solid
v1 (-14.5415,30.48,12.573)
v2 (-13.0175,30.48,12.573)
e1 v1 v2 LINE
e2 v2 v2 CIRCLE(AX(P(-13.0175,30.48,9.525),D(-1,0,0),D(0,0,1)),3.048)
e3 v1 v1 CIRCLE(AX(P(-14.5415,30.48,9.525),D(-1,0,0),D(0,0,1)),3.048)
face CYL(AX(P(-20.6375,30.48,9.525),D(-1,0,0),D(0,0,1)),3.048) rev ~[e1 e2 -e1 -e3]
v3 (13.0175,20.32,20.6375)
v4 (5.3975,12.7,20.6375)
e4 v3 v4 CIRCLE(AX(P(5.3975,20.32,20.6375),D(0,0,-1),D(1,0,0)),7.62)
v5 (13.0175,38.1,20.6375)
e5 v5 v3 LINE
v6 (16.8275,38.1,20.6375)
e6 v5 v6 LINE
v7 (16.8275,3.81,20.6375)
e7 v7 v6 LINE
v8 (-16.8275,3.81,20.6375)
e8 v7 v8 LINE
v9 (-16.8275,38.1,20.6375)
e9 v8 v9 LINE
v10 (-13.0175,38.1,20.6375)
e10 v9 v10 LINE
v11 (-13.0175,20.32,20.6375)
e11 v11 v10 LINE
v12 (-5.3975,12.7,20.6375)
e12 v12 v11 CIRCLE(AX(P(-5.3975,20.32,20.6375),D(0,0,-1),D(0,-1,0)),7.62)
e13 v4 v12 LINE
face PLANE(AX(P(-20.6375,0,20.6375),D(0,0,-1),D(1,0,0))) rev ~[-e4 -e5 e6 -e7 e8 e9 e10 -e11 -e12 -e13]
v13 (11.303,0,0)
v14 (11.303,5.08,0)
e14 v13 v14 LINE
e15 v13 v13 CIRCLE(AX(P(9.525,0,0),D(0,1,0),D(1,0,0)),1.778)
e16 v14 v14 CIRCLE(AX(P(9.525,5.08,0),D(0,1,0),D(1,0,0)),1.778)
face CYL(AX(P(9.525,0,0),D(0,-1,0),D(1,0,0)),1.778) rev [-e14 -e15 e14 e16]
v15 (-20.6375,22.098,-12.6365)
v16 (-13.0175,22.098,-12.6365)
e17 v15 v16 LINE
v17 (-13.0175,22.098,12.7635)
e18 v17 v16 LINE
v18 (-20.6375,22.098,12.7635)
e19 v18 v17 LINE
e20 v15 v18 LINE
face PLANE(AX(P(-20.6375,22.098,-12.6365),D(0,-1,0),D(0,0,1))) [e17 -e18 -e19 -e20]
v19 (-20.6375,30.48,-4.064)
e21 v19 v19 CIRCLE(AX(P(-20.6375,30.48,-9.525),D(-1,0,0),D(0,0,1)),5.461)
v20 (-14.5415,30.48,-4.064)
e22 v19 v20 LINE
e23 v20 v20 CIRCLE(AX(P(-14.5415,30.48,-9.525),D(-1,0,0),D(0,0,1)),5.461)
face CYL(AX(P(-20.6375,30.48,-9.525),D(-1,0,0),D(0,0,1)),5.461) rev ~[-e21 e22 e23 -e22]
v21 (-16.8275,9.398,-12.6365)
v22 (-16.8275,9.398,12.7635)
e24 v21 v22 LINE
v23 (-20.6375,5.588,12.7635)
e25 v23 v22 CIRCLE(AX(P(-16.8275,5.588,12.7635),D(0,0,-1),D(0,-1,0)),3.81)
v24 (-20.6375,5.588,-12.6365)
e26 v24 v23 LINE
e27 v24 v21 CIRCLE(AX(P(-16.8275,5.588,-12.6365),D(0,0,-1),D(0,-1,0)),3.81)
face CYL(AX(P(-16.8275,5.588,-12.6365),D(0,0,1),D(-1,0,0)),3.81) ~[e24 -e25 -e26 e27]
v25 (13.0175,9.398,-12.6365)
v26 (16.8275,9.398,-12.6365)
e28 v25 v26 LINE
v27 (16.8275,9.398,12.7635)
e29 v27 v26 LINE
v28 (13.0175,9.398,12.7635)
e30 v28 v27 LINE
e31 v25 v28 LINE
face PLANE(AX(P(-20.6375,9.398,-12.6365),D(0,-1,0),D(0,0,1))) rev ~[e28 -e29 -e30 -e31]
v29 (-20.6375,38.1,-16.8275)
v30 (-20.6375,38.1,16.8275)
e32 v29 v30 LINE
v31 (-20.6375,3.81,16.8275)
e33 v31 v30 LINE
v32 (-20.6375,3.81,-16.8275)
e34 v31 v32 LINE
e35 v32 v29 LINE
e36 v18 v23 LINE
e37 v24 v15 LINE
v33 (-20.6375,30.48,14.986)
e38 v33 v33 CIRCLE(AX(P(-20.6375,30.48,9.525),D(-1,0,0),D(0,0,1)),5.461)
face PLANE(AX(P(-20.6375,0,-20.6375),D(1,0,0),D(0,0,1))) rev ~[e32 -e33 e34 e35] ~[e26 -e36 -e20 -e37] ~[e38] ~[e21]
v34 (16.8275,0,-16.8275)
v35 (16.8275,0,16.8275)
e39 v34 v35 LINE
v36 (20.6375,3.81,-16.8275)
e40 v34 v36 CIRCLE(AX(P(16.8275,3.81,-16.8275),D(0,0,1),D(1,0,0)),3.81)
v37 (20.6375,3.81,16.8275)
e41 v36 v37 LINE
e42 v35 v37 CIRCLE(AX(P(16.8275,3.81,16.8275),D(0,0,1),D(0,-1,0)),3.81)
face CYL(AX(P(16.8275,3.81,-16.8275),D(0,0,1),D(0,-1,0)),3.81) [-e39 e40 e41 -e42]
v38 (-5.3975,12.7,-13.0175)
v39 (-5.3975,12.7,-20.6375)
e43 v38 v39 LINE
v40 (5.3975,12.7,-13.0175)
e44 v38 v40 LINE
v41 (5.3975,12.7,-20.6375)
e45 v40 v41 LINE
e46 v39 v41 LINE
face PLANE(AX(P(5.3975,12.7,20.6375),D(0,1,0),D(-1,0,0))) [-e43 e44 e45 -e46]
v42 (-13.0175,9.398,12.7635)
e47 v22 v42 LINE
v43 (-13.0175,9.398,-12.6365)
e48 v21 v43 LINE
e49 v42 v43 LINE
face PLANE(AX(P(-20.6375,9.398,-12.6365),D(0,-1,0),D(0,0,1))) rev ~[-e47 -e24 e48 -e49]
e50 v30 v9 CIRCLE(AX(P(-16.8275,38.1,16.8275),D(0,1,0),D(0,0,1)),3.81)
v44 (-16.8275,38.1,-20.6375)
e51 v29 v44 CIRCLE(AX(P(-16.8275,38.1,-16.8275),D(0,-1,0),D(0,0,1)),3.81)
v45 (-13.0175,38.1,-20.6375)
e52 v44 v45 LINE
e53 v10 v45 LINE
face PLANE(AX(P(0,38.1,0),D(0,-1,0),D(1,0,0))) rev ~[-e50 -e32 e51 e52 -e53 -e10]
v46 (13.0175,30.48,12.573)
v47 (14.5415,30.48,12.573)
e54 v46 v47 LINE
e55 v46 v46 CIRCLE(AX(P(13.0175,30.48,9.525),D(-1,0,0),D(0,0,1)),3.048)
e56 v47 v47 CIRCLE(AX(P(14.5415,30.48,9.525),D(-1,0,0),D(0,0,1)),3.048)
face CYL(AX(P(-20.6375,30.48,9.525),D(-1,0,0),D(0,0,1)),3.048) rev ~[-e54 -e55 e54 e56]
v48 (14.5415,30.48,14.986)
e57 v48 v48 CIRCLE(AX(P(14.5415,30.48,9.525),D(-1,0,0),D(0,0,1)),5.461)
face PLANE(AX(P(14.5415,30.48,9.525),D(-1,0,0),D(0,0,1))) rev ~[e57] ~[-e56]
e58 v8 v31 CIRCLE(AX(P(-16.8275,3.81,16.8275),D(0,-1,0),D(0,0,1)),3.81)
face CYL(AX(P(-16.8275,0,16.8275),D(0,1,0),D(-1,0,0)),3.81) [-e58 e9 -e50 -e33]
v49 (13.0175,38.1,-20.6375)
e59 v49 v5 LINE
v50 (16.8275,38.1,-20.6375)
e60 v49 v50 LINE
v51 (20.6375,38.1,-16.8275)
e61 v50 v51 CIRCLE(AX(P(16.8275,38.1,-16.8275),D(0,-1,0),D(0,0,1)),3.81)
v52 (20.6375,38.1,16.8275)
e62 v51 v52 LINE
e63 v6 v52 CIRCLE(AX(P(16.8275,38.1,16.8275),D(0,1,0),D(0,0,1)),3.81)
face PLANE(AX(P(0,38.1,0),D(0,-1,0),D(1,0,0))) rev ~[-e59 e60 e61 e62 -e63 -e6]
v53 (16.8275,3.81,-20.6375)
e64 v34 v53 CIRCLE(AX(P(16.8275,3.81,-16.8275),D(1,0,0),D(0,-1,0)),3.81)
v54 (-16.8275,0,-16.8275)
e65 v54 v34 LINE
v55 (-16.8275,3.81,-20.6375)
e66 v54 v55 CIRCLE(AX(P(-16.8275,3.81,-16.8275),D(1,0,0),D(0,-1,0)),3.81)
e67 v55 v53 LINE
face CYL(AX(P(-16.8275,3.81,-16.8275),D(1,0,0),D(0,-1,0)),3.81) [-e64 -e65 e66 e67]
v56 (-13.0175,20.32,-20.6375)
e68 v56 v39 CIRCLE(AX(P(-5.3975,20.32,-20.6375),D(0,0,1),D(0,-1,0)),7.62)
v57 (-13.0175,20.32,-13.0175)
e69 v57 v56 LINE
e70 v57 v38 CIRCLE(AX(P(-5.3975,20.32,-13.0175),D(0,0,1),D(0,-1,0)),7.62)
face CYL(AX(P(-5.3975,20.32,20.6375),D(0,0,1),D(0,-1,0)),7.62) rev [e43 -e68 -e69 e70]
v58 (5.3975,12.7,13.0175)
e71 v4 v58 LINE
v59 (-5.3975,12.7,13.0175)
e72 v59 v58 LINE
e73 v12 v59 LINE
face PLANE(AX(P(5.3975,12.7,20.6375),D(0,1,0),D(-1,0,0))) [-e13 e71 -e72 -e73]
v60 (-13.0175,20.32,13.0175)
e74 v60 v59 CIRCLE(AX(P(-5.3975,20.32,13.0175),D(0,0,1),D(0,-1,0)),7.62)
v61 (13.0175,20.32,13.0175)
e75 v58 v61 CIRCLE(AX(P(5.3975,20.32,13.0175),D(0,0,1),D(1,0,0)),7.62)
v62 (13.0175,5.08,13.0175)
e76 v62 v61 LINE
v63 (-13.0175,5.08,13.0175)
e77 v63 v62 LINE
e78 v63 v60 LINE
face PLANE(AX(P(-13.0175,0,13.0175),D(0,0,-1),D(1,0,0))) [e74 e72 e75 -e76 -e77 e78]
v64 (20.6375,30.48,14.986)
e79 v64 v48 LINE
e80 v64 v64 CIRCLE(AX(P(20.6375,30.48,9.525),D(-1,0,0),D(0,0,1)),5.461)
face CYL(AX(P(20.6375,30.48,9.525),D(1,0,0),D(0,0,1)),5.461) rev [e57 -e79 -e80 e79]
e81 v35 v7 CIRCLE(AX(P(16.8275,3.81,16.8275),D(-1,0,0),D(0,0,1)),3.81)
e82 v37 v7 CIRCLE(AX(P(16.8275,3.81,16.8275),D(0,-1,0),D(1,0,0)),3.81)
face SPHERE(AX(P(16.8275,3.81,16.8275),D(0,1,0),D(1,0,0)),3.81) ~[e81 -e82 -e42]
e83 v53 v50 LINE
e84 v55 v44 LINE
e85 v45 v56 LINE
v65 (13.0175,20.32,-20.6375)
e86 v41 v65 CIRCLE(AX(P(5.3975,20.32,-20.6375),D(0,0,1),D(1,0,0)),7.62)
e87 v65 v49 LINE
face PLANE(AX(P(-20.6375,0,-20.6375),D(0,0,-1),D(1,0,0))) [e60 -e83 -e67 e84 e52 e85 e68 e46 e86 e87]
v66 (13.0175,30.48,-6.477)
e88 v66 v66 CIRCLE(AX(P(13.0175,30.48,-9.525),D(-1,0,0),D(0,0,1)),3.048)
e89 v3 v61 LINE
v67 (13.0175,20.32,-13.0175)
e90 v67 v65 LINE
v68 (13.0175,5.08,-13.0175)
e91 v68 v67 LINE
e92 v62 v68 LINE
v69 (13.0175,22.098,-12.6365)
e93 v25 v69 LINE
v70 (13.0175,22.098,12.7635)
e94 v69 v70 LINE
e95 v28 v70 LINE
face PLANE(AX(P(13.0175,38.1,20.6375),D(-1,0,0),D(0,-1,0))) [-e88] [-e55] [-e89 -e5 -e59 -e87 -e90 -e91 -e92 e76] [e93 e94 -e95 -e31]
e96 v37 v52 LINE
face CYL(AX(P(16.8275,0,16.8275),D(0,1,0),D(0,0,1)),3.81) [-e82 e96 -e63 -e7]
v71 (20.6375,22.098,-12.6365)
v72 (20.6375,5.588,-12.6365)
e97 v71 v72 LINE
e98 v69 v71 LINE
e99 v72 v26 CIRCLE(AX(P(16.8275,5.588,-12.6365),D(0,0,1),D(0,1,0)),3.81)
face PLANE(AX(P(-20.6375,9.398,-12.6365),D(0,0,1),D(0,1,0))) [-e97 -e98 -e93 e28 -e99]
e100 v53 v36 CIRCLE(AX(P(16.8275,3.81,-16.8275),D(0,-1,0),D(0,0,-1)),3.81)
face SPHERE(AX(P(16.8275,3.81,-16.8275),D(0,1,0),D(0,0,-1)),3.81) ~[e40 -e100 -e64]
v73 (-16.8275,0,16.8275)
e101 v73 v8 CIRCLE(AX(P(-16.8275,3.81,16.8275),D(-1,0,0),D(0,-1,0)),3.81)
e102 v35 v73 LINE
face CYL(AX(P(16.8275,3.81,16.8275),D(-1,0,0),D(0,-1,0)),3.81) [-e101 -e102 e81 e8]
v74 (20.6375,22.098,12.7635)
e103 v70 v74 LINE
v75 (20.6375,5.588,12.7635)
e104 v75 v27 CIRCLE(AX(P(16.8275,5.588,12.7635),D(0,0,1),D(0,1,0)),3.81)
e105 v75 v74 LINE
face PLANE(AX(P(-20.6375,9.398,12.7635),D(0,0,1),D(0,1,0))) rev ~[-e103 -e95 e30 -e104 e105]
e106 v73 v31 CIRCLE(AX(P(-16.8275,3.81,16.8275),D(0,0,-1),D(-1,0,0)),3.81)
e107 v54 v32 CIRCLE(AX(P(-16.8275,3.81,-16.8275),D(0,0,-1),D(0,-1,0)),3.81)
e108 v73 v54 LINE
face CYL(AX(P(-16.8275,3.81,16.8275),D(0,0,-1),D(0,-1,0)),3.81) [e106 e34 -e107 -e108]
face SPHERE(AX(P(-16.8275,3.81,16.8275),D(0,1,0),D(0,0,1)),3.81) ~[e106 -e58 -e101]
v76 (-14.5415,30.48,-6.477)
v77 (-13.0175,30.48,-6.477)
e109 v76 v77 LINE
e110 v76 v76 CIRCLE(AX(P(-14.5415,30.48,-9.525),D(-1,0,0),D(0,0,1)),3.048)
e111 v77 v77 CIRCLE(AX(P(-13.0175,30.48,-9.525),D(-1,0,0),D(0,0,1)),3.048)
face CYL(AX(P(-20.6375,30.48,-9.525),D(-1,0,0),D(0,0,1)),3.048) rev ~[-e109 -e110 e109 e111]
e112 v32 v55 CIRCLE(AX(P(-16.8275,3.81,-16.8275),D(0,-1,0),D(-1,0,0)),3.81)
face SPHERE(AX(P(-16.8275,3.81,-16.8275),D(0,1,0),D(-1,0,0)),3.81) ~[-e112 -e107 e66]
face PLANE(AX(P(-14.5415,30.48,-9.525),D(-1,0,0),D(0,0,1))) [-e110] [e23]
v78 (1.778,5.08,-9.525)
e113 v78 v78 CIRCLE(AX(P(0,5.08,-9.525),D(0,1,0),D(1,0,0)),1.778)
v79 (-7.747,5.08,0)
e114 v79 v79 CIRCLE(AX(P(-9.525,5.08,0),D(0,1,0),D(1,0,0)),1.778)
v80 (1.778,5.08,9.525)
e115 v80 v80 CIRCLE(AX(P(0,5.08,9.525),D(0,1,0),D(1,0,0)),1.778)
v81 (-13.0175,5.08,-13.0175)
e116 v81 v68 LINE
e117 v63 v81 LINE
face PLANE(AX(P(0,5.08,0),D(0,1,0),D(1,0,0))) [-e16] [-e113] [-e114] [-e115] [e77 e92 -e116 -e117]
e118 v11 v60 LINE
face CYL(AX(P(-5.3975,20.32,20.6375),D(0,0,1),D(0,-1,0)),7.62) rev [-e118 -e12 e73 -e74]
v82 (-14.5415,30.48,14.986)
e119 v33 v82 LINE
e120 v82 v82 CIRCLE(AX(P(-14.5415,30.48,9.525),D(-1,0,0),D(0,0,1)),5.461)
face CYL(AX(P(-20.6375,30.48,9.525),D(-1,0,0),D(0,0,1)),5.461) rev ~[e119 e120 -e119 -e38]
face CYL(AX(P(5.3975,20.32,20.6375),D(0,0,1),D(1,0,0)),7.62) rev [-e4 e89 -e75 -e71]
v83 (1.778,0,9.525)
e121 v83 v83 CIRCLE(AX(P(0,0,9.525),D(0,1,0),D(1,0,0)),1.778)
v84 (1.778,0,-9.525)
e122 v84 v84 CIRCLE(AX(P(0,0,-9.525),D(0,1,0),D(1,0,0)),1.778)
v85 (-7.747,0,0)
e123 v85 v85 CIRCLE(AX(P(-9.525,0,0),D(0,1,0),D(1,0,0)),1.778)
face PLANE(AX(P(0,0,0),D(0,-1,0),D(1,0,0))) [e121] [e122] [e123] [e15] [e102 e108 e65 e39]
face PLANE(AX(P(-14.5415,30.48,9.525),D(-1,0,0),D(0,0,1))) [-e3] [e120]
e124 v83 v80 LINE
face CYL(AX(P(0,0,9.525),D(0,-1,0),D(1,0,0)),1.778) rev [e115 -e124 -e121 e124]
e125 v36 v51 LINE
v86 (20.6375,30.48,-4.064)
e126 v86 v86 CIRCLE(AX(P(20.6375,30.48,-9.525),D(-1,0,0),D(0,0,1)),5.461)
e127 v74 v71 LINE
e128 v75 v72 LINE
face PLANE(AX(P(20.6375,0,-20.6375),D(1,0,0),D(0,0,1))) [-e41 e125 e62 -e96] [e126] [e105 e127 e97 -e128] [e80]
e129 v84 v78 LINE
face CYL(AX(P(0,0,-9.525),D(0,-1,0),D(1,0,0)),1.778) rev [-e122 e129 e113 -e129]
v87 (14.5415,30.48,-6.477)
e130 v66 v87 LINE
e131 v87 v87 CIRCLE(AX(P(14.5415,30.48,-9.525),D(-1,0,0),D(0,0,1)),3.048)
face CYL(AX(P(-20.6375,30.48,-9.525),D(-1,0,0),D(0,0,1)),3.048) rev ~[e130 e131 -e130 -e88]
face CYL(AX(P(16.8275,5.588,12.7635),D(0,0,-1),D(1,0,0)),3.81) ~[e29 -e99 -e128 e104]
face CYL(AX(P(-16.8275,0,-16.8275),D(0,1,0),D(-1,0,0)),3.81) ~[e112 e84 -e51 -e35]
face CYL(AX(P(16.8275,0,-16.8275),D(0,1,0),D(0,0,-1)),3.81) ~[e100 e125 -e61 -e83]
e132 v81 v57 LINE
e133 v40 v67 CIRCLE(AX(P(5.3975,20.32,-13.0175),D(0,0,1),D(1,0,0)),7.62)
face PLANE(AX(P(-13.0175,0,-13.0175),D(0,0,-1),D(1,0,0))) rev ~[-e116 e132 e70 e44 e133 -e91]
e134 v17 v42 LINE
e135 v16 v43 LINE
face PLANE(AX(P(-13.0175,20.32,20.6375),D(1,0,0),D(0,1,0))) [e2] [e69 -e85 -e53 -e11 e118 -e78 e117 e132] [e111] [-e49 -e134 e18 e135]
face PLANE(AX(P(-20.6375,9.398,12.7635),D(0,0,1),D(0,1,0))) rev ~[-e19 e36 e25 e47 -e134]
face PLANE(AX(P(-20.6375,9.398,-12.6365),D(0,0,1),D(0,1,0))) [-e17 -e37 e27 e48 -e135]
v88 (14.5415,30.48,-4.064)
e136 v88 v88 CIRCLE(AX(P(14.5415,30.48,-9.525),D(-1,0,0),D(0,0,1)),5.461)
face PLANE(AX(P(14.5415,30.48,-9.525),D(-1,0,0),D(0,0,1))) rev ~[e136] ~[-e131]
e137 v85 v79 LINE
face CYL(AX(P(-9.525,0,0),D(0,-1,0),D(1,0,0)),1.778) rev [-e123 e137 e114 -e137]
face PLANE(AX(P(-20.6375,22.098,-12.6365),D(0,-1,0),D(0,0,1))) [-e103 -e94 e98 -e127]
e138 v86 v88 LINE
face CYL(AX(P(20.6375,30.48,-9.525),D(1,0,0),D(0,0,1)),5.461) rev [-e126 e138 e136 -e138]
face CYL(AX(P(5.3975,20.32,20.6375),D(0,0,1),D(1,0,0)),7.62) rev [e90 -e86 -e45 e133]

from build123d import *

# Parameters (mm, degrees)
SKETCH1_W           = 26.035
SKETCH1_H           = 26.035
SKETCH1_R           = 1.778
BOSS_EXTRUDE1_DEPTH = 5.08
SKETCH9_W           = 41.275
SKETCH9_H           = 41.275
SKETCH9_W_2         = 26.035
SKETCH9_H_2         = 26.035
BOSS_EXTRUDE7_DEPTH = 38.1
CUT_EXTRUDE4_DEPTH  = 42.275
SKETCH11_R          = 3.048
CUT_EXTRUDE5_DEPTH  = 42.275
FILLET1_R           = 3.81
FILLET2_R           = 3.81
SKETCH12_R          = 5.461
SKETCH12_R_2        = 3.048
CUT_EXTRUDE6_DEPTH  = 6.096
CUT_EXTRUDE7_START  = -41.275
SKETCH12_3_R        = 5.461
CUT_EXTRUDE7_DEPTH  = 6.096
SKETCH13_W          = 25.4
SKETCH13_H          = 12.7
CUT_EXTRUDE8_DEPTH  = 42.275
FILLET3_R           = 3.81
FILLET4_R           = 3.81


with BuildPart() as part:
    # Sketch1 → Boss-Extrude1 (new body)
    with BuildSketch(Plane(origin=(0, 0, 0), x_dir=(1, 0, 0), z_dir=(0, 1, 0))):
        Rectangle(SKETCH1_W, SKETCH1_H)
        with Locations((0, 9.525)):
            Circle(SKETCH1_R, mode=Mode.SUBTRACT)
        with Locations((-9.525, 0)):
            Circle(SKETCH1_R, mode=Mode.SUBTRACT)
        with Locations((9.525, 0)):
            Circle(SKETCH1_R, mode=Mode.SUBTRACT)
        with Locations((0, -9.525)):
            Circle(SKETCH1_R, mode=Mode.SUBTRACT)
    extrude(amount=BOSS_EXTRUDE1_DEPTH)

    # Sketch9 → Boss-Extrude7 (add)
    with BuildSketch(Plane.XZ):
        Rectangle(SKETCH9_W, SKETCH9_H)
        Rectangle(SKETCH9_W_2, SKETCH9_H_2, mode=Mode.SUBTRACT)
    extrude(amount=-BOSS_EXTRUDE7_DEPTH)

    # Sketch10 → Cut-Extrude4 (cut, through all)
    with BuildSketch(Plane.XY.offset(20.6375)):
        with BuildLine():
            Line((-13.0175, 20.32), (-13.0175, 38.1))
            Line((-13.0175, 38.1), (13.0175, 38.1))
            Line((13.0175, 38.1), (13.0175, 20.32))
            ThreePointArc((13.0175, 20.32), (10.785653673, 14.931846327), (5.3975, 12.7))
            Line((5.3975, 12.7), (-5.3975, 12.7))
            ThreePointArc((-5.3975, 12.7), (-10.785653673, 14.931846327), (-13.0175, 20.32))
        make_face()
    extrude(amount=-CUT_EXTRUDE4_DEPTH, mode=Mode.SUBTRACT)

    # Sketch11 → Cut-Extrude5 (cut, through all)
    with BuildSketch(Plane.ZY.offset(20.6375)):
        with Locations((-9.525, 30.48)):
            Circle(SKETCH11_R)
        with Locations((9.525, 30.48)):
            Circle(SKETCH11_R)
    extrude(amount=-CUT_EXTRUDE5_DEPTH, mode=Mode.SUBTRACT)

    # Fillet1
    fillet1_edges = [part.edges().sort_by_distance(p)[0] for p in [
        (20.6375, 19.05, -20.6375),
        (-20.6375, 19.05, -20.6375),
        (-20.6375, 19.05, 20.6375),
        (20.6375, 19.05, 20.6375),
    ]]
    fillet(fillet1_edges, radius=FILLET1_R)

    # Fillet2
    fillet2_edges = [part.edges().sort_by_distance(p)[0] for p in [
        (0, 0, -20.6375),
        (20.6375, 0, 0),
        (0, 0, 20.6375),
        (-20.6375, 0, 0),
        (-19.521576836, 0, 19.521576836),
        (-19.521576836, 0, -19.521576836),
        (19.521576836, 0, 19.521576836),
        (19.521576836, 0, -19.521576836),
    ]]
    fillet(fillet2_edges, radius=FILLET2_R)

    # Sketch12 → Cut-Extrude6 (cut)
    with BuildSketch(Plane.ZY.offset(20.6375)):
        with Locations((-9.525, 30.48)):
            Circle(SKETCH12_R)
        with Locations((-9.525, 30.48)):
            Circle(SKETCH12_R_2, mode=Mode.SUBTRACT)
        with Locations((9.525, 30.48)):
            Circle(SKETCH12_R)
        with Locations((9.525, 30.48)):
            Circle(SKETCH12_R_2, mode=Mode.SUBTRACT)
    extrude(amount=-CUT_EXTRUDE6_DEPTH, mode=Mode.SUBTRACT)

    # Sketch12<3> → Cut-Extrude7 (cut)
    with BuildSketch(Plane.ZY.offset(20.6375).offset(CUT_EXTRUDE7_START)):
        with Locations((-9.525, 30.48)):
            Circle(SKETCH12_3_R)
        with Locations((9.525, 30.48)):
            Circle(SKETCH12_3_R)
    extrude(amount=CUT_EXTRUDE7_DEPTH, mode=Mode.SUBTRACT)

    # Sketch13 → Cut-Extrude8 (cut, through all)
    with BuildSketch(Plane.ZY.offset(20.6375)):
        with Locations((0.0635, 15.748)):
            Rectangle(SKETCH13_W, SKETCH13_H)
    extrude(amount=-CUT_EXTRUDE8_DEPTH, mode=Mode.SUBTRACT)

    # Fillet3
    fillet3_edges = [part.edges().sort_by_distance(p)[0] for p in [
        (-20.6375, 9.398, 0.0635),
    ]]
    fillet(fillet3_edges, radius=FILLET3_R)

    # Fillet4
    fillet4_edges = [part.edges().sort_by_distance(p)[0] for p in [
        (20.6375, 9.398, 0.0635),
    ]]
    fillet(fillet4_edges, radius=FILLET4_R)


solid = part.part
